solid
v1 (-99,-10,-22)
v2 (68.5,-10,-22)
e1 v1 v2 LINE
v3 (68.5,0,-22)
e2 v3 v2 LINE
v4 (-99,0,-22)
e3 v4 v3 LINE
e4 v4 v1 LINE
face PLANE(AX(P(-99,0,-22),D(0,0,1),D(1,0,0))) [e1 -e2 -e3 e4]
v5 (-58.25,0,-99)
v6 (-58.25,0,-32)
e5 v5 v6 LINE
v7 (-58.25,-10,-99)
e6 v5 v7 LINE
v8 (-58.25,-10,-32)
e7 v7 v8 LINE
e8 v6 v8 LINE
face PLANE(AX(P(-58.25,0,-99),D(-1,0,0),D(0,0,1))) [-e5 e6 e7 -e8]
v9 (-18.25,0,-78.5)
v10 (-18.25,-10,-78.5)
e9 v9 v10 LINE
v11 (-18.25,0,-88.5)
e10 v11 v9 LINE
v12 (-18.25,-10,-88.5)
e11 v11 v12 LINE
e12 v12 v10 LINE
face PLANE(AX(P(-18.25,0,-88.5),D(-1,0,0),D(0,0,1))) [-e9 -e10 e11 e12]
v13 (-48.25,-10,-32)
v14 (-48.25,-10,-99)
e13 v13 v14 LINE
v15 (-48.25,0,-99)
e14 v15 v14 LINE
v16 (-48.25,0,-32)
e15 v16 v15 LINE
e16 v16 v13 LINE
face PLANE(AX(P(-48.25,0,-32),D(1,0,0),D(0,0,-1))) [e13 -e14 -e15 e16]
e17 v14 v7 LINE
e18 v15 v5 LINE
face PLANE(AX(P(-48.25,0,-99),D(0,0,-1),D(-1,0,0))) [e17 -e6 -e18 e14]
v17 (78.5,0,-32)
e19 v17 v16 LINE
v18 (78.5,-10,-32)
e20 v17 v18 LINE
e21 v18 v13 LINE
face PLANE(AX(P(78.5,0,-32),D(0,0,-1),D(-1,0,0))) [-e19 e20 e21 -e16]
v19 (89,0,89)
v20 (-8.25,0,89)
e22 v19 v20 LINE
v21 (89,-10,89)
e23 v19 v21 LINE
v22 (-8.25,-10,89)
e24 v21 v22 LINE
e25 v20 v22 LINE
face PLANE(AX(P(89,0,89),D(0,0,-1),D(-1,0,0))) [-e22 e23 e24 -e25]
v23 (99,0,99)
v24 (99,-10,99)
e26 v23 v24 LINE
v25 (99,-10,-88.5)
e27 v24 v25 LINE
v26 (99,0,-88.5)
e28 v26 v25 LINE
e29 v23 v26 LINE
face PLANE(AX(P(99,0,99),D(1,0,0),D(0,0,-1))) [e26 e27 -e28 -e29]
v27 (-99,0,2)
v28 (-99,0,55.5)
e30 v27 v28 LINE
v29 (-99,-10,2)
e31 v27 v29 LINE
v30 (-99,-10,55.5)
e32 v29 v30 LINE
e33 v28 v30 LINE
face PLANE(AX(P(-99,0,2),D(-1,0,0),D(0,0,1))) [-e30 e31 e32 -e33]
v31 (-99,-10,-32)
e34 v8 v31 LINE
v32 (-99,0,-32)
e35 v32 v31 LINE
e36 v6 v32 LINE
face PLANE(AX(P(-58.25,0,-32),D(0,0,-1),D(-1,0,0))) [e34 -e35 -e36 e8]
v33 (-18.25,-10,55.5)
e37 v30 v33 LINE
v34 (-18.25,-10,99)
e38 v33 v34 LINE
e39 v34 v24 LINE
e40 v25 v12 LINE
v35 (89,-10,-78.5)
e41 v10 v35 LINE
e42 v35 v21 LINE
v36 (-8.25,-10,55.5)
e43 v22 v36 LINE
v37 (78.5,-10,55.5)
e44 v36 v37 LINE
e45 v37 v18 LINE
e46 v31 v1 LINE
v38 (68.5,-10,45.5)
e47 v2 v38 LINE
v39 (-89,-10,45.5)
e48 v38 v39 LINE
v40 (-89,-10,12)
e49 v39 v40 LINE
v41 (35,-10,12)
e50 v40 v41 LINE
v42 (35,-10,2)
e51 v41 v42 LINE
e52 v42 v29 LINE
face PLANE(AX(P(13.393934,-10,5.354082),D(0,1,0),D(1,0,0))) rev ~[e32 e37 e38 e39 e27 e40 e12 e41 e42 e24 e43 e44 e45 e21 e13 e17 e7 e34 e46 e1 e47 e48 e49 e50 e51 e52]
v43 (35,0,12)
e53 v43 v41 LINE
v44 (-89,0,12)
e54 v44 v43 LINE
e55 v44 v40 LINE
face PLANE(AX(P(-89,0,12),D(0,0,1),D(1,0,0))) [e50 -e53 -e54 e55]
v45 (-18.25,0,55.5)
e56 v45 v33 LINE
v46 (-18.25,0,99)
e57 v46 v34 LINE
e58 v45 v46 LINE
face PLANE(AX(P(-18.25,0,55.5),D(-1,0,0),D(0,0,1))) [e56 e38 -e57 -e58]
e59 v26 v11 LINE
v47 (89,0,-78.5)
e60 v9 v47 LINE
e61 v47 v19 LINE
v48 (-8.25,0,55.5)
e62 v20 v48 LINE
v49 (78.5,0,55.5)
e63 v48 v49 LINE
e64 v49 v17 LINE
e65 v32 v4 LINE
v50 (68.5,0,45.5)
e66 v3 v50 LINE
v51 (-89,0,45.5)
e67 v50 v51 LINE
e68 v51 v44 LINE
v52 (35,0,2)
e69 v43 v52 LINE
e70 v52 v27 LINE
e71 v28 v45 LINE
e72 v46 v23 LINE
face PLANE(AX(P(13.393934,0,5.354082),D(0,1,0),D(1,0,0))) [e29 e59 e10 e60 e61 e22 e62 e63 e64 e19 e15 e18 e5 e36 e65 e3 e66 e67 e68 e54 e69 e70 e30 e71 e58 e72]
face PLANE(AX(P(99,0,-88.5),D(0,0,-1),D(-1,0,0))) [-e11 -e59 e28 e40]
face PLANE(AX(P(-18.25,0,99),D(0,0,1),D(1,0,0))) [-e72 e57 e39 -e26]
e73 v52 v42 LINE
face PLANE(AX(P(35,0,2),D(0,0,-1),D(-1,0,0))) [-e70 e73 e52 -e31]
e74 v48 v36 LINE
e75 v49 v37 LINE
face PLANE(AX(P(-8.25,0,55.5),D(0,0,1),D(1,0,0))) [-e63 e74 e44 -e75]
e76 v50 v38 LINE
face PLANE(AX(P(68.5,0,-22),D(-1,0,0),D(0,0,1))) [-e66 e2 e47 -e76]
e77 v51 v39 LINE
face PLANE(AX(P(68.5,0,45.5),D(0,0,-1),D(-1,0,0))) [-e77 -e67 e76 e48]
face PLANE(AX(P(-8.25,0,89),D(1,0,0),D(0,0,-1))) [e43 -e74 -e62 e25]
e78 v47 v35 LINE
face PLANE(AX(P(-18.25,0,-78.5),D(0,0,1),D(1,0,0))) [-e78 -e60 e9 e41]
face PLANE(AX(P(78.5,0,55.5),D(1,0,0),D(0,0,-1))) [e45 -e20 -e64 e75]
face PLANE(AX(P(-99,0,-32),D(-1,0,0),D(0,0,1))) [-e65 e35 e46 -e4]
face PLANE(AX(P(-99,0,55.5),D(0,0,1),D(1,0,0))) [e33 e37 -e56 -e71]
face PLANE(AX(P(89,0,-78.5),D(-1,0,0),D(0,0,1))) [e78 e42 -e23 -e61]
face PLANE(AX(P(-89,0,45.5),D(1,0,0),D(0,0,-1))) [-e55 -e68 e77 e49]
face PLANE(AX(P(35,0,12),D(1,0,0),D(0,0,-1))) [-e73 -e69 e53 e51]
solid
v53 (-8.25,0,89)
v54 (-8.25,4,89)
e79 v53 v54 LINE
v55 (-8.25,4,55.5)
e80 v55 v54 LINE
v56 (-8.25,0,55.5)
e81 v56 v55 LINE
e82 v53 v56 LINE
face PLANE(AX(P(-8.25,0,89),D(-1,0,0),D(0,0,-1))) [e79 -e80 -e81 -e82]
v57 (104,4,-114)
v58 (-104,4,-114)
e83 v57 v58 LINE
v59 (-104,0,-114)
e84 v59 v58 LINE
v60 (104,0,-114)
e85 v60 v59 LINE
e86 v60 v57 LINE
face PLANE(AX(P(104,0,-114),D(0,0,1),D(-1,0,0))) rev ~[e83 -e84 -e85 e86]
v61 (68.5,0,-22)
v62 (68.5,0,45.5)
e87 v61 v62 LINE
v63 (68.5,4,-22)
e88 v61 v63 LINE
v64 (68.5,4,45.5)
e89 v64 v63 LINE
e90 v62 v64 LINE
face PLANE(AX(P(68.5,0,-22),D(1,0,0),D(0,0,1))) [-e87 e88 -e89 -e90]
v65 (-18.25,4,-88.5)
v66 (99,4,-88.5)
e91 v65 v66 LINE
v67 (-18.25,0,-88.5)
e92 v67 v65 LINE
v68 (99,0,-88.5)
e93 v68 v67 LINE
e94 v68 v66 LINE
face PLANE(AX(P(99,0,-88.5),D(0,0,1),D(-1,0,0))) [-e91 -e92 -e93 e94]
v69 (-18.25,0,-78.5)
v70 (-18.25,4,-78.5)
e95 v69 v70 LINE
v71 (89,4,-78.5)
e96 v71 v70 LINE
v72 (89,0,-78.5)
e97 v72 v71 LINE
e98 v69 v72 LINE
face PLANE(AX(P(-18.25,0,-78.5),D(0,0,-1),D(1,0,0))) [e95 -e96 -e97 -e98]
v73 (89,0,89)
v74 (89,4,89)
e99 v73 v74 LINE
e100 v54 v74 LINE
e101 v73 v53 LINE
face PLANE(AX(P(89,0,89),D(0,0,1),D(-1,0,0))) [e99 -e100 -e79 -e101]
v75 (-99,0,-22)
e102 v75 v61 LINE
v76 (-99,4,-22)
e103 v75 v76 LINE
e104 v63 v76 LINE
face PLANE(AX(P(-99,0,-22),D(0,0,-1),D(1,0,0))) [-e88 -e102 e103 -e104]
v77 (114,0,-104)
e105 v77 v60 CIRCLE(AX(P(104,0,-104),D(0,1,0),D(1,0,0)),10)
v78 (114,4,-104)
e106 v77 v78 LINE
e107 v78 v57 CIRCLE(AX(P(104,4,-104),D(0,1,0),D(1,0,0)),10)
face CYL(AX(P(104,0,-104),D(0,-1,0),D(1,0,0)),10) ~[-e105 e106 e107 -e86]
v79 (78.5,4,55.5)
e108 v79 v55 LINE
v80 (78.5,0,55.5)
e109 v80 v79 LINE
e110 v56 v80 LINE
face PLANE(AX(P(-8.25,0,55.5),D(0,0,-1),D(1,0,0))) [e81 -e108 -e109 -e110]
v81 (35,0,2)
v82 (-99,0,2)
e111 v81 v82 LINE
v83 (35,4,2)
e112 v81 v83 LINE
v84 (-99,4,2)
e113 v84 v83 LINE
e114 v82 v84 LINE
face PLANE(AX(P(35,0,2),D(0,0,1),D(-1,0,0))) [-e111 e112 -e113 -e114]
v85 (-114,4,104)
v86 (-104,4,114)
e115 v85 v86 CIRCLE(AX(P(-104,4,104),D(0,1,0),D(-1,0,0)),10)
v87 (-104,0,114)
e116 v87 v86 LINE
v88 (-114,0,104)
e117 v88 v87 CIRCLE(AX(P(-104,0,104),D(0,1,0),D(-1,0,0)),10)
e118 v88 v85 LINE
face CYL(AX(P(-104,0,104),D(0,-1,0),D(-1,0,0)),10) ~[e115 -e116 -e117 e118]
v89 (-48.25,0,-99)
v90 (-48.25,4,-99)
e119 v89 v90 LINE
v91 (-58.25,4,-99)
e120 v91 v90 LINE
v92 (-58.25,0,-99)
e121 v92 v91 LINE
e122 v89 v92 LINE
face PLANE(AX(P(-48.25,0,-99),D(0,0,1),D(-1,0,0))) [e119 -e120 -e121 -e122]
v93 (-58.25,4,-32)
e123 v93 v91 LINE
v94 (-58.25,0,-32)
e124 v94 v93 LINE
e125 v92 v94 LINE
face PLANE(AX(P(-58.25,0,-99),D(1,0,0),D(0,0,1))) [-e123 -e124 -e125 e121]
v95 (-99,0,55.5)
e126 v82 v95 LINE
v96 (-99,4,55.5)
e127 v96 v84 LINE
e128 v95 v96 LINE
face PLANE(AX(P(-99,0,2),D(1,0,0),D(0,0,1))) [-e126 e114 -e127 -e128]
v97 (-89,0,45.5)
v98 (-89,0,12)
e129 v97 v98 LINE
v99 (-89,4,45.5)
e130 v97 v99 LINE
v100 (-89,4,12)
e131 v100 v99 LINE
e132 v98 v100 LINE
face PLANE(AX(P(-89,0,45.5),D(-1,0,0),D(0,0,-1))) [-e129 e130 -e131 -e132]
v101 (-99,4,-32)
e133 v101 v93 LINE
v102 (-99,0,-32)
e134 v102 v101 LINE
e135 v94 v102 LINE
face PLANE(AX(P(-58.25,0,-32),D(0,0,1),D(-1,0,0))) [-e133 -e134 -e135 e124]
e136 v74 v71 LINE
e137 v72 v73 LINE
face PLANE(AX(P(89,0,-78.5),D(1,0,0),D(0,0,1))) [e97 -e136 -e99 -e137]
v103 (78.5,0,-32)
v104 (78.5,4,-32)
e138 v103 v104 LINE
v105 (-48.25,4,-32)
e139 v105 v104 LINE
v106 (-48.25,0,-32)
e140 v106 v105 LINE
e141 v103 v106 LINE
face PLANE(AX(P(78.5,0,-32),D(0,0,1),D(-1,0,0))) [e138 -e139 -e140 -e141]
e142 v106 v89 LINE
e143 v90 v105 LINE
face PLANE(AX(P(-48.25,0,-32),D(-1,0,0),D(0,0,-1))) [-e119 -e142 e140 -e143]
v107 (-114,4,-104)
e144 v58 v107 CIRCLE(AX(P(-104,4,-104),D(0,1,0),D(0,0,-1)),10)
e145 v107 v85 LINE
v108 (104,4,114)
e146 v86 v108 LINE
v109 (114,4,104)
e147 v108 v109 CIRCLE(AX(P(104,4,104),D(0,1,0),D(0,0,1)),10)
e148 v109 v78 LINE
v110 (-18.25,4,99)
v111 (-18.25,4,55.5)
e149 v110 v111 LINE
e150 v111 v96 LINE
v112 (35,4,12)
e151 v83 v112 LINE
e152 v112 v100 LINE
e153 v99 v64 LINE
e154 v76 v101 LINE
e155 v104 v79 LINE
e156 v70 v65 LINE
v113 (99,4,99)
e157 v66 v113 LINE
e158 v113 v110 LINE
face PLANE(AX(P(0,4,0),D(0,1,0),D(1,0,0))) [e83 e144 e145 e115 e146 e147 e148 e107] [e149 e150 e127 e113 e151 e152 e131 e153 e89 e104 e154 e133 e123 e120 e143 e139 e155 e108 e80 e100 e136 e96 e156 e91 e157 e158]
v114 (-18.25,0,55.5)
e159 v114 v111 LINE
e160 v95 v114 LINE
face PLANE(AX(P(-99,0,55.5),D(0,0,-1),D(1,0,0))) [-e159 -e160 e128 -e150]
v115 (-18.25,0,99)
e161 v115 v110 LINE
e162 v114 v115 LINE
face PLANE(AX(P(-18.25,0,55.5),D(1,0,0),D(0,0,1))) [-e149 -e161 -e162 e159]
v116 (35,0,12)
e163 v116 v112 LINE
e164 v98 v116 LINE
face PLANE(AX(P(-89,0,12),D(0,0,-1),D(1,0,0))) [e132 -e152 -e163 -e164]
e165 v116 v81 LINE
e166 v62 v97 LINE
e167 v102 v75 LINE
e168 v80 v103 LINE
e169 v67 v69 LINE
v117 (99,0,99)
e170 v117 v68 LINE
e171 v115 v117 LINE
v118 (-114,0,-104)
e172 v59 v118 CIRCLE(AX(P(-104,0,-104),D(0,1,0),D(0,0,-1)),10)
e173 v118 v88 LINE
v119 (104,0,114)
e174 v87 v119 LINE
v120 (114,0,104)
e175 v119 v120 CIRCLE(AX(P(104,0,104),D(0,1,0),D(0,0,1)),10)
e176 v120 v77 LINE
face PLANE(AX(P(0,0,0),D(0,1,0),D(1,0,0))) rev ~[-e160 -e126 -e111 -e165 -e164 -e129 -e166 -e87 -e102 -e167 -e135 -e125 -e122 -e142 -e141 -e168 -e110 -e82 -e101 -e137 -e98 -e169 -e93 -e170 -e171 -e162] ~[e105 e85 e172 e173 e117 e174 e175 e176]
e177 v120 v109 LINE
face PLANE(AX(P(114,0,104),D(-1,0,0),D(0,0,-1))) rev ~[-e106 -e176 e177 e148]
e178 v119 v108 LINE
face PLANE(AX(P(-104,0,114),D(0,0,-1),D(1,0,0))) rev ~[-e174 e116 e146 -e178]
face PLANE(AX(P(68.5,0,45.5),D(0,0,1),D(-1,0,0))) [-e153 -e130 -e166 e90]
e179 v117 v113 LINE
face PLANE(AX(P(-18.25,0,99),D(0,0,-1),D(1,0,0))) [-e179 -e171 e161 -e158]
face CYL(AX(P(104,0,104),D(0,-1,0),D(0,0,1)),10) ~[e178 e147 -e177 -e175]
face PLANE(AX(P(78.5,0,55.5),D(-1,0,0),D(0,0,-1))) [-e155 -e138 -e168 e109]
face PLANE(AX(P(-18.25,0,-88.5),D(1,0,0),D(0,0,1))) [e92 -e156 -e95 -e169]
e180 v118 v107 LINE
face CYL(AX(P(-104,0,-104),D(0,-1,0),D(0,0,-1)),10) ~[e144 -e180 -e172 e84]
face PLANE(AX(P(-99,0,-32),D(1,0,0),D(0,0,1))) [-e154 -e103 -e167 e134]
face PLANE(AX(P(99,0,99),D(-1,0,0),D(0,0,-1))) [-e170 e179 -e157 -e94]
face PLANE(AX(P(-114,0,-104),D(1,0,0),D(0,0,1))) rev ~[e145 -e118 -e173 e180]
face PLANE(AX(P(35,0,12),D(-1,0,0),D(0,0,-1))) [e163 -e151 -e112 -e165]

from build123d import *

# Parameters (mm, degrees)
BOSS_EXTRUDE1_DEPTH = 4
CUT_EXTRUDE3_DEPTH  = 12
BOSS_EXTRUDE6_DEPTH = 10


with BuildPart() as part:
    # Sketch1 → Boss-Extrude1 (new body)
    with BuildSketch(Plane(origin=(0, 0, 0), x_dir=(1, 0, 0), z_dir=(0, 1, 0))):
        with BuildLine():
            Line((-104, -114), (104, -114))
            ThreePointArc((104, -114), (111.071067812, -111.071067812), (114, -104))
            Line((114, -104), (114, 104))
            ThreePointArc((114, 104), (111.071067812, 111.071067812), (104, 114))
            Line((104, 114), (-104, 114))
            ThreePointArc((-104, 114), (-111.071067812, 111.071067812), (-114, 104))
            Line((-114, 104), (-114, -104))
            ThreePointArc((-114, -104), (-111.071067812, -111.071067812), (-104, -114))
        make_face()
    extrude(amount=BOSS_EXTRUDE1_DEPTH)

    # Sketch4 → Cut-Extrude3 (cut)
    with BuildSketch(Plane(origin=(0, 0, 0), x_dir=(1, 0, 0), z_dir=(0, 1, 0))):
        Polygon((-58.25, 99), (-58.25, 32), (-99, 32), (-99, 22), (68.5, 22), (68.5, -45.5), (-89, -45.5), (-89, -12), (35, -12), (35, -2), (-99, -2), (-99, -55.5), (-18.25, -55.5), (-18.25, -99), (99, -99), (99, 88.5), (-18.25, 88.5), (-18.25, 78.5), (89, 78.5), (89, -89), (-8.25, -89), (-8.25, -55.5), (78.5, -55.5), (78.5, 32), (-48.25, 32), (-48.25, 99), align=None)
    extrude(amount=CUT_EXTRUDE3_DEPTH, mode=Mode.SUBTRACT)


with BuildPart() as body_2:
    # Sketch4<5> → Boss-Extrude6 (new body)
    with BuildSketch(Plane(origin=(0, 0, 0), x_dir=(1, 0, 0), z_dir=(0, 1, 0))):
        Polygon((-58.25, 99), (-58.25, 32), (-99, 32), (-99, 22), (68.5, 22), (68.5, -45.5), (-89, -45.5), (-89, -12), (35, -12), (35, -2), (-99, -2), (-99, -55.5), (-18.25, -55.5), (-18.25, -99), (99, -99), (99, 88.5), (-18.25, 88.5), (-18.25, 78.5), (89, 78.5), (89, -89), (-8.25, -89), (-8.25, -55.5), (78.5, -55.5), (78.5, 32), (-48.25, 32), (-48.25, 99), align=None)
    extrude(amount=-BOSS_EXTRUDE6_DEPTH)


solid = Compound([part.part, body_2.part])
